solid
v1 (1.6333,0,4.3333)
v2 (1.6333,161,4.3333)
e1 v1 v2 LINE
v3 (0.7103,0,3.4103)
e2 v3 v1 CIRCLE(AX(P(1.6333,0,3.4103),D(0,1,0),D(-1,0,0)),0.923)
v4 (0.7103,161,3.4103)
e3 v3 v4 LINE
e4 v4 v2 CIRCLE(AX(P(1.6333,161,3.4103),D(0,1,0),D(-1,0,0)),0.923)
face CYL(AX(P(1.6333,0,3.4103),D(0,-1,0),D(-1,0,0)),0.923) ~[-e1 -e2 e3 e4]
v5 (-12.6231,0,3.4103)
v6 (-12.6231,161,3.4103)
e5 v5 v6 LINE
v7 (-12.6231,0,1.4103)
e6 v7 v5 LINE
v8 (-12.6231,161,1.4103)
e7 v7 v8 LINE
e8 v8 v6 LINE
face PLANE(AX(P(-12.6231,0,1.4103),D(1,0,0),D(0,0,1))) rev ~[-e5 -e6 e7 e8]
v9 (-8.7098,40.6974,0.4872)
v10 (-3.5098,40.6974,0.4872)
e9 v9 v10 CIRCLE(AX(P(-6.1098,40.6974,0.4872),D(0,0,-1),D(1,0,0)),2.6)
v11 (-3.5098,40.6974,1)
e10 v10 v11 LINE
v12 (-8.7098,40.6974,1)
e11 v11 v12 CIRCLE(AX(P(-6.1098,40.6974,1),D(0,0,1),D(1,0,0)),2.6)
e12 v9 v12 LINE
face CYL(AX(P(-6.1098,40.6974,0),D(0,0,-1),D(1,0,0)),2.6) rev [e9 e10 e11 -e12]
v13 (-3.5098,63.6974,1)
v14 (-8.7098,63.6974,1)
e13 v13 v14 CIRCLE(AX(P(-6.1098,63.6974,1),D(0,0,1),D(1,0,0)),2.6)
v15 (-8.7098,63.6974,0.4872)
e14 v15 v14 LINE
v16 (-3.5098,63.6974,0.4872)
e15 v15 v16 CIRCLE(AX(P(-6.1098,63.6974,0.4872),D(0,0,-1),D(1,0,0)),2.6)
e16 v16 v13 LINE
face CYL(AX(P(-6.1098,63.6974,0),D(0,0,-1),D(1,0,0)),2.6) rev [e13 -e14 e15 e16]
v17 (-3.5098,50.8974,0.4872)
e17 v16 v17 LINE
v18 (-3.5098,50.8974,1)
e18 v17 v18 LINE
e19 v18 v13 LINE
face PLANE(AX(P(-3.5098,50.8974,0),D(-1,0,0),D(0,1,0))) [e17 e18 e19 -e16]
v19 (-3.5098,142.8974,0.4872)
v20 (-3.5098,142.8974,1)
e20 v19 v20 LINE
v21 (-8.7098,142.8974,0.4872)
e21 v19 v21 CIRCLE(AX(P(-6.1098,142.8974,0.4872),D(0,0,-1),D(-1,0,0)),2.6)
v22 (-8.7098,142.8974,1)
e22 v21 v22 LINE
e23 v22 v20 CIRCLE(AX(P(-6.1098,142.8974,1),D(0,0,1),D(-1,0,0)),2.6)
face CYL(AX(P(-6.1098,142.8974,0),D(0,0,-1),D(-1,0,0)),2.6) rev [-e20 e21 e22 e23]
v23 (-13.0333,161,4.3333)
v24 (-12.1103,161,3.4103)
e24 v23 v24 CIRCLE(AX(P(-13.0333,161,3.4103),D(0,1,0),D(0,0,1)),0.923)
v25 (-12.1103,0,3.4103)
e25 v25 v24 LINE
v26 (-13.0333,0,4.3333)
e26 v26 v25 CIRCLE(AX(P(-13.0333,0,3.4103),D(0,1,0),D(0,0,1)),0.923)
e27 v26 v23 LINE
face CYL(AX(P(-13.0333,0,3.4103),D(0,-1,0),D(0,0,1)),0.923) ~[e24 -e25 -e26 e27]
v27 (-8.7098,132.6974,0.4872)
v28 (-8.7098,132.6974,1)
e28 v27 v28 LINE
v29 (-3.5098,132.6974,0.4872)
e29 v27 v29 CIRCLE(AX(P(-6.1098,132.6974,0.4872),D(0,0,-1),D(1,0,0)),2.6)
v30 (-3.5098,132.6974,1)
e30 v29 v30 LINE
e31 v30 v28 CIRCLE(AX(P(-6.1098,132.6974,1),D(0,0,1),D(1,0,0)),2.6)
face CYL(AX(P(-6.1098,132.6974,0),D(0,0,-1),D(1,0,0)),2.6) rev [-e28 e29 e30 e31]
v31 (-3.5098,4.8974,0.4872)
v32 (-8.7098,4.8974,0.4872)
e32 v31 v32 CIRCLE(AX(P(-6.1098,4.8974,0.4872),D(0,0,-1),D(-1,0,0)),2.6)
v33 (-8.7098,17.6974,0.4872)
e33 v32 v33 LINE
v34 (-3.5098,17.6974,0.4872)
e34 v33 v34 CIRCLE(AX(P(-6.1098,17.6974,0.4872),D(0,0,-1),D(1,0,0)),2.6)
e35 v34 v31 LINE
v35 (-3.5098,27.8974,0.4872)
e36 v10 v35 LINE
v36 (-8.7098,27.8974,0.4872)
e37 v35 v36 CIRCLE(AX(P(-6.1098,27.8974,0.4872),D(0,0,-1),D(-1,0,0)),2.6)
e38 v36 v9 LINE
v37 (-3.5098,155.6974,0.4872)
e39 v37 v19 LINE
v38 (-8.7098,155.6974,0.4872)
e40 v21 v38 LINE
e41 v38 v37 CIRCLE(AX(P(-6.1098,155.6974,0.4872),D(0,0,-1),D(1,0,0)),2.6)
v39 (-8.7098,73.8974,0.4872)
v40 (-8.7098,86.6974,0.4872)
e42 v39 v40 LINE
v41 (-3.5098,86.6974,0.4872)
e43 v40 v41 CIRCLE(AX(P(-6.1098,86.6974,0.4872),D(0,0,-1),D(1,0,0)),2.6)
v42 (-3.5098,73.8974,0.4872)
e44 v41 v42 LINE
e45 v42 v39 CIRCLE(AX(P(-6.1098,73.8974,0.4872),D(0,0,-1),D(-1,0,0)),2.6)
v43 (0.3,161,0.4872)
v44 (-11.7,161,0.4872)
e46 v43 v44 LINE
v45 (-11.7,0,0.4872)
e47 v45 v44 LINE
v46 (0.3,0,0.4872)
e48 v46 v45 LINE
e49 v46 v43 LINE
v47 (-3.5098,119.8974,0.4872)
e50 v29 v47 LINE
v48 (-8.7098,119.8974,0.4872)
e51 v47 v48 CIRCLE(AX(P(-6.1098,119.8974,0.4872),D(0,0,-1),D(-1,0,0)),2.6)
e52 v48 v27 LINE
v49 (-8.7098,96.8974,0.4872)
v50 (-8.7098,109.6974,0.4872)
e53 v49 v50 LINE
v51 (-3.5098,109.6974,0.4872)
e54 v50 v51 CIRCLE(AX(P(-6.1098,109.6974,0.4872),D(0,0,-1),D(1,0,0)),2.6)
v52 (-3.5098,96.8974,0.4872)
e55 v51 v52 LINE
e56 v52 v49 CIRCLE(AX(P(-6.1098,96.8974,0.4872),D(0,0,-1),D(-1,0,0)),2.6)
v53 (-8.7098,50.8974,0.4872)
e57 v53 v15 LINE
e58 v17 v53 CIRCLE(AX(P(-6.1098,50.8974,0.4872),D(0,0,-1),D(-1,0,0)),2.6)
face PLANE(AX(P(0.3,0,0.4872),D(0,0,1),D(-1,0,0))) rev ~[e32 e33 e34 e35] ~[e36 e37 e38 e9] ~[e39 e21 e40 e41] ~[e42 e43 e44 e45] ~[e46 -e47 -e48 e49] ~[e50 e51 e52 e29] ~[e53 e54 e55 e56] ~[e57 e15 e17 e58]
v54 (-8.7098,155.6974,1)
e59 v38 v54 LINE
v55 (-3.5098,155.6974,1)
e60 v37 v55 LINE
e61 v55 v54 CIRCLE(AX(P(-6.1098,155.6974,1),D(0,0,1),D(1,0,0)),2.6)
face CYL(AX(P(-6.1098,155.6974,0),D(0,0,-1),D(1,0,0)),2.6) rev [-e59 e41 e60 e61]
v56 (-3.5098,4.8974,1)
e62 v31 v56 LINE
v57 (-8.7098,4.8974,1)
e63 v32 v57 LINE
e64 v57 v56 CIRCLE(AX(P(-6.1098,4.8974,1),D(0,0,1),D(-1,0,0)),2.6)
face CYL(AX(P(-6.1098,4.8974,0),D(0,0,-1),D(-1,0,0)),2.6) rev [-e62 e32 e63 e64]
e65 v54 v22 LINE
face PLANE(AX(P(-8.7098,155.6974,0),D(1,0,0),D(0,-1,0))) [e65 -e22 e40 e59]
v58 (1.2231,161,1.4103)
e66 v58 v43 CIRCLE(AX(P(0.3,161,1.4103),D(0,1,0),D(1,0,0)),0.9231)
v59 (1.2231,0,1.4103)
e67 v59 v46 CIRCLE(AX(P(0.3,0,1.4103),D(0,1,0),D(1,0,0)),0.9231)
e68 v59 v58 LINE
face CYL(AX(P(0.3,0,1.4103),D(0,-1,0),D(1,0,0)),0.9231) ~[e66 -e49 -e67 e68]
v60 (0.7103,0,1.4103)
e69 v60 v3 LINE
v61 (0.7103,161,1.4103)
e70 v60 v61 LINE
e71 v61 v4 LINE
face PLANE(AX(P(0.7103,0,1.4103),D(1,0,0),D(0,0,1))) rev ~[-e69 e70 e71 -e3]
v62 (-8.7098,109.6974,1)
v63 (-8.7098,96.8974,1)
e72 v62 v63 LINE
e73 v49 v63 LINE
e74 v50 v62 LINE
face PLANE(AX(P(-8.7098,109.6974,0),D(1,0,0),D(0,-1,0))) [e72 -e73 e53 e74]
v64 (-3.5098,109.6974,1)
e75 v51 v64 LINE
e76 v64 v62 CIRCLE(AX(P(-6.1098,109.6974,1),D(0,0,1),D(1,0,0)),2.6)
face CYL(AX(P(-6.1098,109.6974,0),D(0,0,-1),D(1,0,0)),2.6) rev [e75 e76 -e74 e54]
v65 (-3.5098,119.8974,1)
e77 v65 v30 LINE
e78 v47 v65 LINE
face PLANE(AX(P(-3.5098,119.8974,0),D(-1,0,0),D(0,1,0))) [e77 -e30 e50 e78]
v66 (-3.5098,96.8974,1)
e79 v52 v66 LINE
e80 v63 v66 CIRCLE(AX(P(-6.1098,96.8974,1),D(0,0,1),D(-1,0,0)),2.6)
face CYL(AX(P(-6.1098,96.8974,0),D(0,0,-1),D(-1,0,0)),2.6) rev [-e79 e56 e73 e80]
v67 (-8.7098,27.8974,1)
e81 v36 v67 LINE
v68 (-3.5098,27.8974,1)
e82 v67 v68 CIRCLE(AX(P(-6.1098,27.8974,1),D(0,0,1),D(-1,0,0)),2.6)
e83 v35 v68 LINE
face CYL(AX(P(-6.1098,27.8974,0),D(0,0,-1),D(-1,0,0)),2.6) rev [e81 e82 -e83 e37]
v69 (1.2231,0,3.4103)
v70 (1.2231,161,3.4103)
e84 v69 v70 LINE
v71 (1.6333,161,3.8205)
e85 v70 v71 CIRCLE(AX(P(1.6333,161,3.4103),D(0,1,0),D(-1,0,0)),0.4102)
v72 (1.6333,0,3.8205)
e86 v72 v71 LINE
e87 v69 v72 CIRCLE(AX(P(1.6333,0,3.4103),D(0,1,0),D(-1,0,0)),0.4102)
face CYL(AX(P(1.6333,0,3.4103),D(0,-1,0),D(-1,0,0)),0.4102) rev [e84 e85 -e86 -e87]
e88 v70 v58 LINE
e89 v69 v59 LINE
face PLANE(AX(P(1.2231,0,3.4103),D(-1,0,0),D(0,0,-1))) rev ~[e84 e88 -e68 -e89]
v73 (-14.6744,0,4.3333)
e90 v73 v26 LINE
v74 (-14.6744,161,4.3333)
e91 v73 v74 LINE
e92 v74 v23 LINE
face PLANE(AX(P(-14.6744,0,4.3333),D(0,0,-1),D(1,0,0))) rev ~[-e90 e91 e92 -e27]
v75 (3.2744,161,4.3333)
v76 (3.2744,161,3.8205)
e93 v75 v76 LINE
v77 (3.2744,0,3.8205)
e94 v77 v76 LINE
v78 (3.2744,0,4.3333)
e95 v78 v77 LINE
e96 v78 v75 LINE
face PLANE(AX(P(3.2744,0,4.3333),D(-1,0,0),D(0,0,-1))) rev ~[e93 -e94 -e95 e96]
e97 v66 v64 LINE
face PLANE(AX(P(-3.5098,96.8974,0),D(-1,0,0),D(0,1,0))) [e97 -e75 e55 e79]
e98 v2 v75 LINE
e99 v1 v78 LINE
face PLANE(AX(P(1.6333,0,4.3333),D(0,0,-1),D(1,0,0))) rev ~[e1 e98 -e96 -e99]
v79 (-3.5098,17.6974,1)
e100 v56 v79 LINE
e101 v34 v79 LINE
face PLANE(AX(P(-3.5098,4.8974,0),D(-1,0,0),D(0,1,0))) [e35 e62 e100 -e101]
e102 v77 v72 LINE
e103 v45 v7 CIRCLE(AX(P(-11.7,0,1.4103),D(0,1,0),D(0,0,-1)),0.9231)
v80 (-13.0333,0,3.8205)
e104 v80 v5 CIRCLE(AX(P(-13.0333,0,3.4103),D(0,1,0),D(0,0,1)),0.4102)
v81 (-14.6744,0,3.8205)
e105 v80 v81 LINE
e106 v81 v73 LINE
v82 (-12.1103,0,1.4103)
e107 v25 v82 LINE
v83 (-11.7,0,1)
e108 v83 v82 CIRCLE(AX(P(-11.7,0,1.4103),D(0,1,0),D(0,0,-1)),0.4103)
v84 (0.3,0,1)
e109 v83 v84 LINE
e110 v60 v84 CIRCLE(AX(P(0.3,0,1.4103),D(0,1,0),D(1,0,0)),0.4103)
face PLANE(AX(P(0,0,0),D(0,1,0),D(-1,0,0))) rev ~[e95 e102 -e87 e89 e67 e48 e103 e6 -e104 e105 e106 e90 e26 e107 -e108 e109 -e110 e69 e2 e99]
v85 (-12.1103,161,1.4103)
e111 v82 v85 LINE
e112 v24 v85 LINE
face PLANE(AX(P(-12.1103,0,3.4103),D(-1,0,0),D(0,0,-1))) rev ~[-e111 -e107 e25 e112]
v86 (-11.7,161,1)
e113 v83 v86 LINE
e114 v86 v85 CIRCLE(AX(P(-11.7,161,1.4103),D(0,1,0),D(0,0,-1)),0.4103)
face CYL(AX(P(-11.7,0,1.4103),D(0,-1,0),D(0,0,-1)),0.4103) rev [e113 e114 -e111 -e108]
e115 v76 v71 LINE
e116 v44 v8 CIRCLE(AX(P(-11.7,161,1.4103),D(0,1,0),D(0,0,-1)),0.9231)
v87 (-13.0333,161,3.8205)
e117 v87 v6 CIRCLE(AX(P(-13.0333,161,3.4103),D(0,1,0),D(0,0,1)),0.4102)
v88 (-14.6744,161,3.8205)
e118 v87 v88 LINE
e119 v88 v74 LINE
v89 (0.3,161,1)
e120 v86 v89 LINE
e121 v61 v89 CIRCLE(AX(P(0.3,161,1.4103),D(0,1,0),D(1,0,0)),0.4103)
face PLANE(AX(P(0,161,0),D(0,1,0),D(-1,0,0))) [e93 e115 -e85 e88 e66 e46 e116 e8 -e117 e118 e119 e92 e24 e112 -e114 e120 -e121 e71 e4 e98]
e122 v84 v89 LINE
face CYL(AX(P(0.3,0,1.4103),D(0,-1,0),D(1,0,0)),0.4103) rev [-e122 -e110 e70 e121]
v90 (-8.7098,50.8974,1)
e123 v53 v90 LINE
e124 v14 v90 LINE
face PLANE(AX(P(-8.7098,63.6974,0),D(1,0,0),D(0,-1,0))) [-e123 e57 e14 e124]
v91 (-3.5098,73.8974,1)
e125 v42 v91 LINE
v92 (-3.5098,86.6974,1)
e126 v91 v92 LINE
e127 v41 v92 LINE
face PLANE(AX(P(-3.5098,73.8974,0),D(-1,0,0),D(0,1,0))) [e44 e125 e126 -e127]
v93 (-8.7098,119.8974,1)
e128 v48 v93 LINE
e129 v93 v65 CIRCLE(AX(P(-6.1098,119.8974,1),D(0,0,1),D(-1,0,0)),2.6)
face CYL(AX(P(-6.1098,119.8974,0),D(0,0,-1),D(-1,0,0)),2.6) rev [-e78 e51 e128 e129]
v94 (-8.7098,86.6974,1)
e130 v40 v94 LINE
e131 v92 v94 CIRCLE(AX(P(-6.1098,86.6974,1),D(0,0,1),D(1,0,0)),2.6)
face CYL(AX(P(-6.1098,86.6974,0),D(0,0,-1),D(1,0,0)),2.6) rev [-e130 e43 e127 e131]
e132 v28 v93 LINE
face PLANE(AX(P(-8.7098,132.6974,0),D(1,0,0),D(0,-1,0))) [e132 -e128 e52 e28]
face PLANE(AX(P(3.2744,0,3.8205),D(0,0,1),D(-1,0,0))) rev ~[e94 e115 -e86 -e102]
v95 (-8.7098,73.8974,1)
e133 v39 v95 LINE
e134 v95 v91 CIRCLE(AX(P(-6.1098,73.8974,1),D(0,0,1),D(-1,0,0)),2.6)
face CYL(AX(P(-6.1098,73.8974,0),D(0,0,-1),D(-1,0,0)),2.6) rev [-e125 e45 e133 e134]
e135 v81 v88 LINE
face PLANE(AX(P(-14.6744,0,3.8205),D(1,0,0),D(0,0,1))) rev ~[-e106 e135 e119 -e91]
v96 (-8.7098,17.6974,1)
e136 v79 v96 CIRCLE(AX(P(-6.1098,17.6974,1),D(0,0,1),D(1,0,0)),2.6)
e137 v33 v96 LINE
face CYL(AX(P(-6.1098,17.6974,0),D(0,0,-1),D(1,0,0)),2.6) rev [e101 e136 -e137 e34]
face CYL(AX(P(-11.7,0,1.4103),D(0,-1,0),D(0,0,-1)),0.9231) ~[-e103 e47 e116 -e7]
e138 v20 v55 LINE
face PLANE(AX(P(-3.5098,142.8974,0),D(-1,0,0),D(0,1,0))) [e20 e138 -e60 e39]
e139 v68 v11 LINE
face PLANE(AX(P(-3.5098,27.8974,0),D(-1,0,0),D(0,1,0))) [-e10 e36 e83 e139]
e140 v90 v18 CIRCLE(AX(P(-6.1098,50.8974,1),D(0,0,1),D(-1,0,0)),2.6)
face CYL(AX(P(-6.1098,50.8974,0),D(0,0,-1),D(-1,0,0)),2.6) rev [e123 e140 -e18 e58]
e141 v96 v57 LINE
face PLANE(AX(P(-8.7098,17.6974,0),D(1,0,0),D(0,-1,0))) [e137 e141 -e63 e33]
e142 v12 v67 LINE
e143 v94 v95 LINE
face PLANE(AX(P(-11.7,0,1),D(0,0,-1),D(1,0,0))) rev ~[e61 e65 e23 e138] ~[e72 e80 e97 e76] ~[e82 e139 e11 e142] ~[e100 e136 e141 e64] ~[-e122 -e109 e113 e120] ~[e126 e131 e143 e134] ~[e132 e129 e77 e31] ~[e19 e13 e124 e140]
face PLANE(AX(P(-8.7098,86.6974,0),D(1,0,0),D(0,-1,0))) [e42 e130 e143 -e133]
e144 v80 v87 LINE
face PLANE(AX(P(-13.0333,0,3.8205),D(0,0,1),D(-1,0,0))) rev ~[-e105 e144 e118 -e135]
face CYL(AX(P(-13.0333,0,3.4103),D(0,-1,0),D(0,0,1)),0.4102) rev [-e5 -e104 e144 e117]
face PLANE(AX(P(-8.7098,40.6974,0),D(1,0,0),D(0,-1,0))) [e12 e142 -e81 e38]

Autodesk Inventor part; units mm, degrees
sketch "Sketch_2" plane through (0, 0, 0) normal (0, 1, 0) x (-1, 0, 0)
  line L0 (14.6744, 3.8205) -> (14.6744, 4.3333)
  line L1 (14.6744, 4.3333) -> (13.0333, 4.3333)
  arc A0 (13.0333, 4.3333) -> (12.1103, 3.4103) centre (13.0333, 3.4103) ccw
  line L2 (12.1103, 3.4103) -> (12.1103, 1.4103)
  arc A1 (11.7, 1) -> (12.1103, 1.4103) centre (11.7, 1.4103) ccw
  line L3 (11.7, 1) -> (-0.3, 1)
  arc A2 (-0.7103, 1.4103) -> (-0.3, 1) centre (-0.3, 1.4103) ccw
  line L4 (-0.7103, 1.4103) -> (-0.7103, 3.4103)
  arc A3 (-0.7103, 3.4103) -> (-1.6333, 4.3333) centre (-1.6333, 3.4103) ccw
  line L5 (-1.6333, 4.3333) -> (-3.2744, 4.3333)
  line L6 (-3.2744, 4.3333) -> (-3.2744, 3.8205)
  line L7 (-3.2744, 3.8205) -> (-1.6333, 3.8205)
  arc A4 (-1.2231, 3.4103) -> (-1.6333, 3.8205) centre (-1.6333, 3.4103) ccw
  line L8 (-1.2231, 3.4103) -> (-1.2231, 1.4103)
  arc A5 (-1.2231, 1.4103) -> (-0.3, 0.4872) centre (-0.3, 1.4103) ccw
  line L9 (-0.3, 0.4872) -> (11.7, 0.4872)
  arc A6 (11.7, 0.4872) -> (12.6231, 1.4103) centre (11.7, 1.4103) ccw
  line L10 (12.6231, 1.4103) -> (12.6231, 3.4103)
  arc A7 (13.0333, 3.8205) -> (12.6231, 3.4103) centre (13.0333, 3.4103) ccw
  line L11 (13.0333, 3.8205) -> (14.6744, 3.8205)
  dimension "d13" = 12
extrude "Extrusion1" add sketch "Sketch_2" along normal blind 161
sketch "Sketch_6" plane through (0, 0, 0) normal (0, 0, 1) x (1, 0, 0)
  arc A0 (-8.7098, 4.8974) -> (-3.5098, 4.8974) centre (-6.1098, 4.8974) ccw
  line L0 (-3.5098, 4.8974) -> (-3.5098, 17.6974)
  arc A1 (-3.5098, 17.6974) -> (-8.7098, 17.6974) centre (-6.1098, 17.6974) ccw
  line L1 (-8.7098, 17.6974) -> (-8.7098, 4.8974)
extrude "Extrusion2" cut sketch "Sketch_6" along normal blind 1
pattern_linear "Rectangular Pattern1" count 80 spacing 23 along (0, 1, 0) of "Extrusion2"
properties part number "PP0735H(1)"
